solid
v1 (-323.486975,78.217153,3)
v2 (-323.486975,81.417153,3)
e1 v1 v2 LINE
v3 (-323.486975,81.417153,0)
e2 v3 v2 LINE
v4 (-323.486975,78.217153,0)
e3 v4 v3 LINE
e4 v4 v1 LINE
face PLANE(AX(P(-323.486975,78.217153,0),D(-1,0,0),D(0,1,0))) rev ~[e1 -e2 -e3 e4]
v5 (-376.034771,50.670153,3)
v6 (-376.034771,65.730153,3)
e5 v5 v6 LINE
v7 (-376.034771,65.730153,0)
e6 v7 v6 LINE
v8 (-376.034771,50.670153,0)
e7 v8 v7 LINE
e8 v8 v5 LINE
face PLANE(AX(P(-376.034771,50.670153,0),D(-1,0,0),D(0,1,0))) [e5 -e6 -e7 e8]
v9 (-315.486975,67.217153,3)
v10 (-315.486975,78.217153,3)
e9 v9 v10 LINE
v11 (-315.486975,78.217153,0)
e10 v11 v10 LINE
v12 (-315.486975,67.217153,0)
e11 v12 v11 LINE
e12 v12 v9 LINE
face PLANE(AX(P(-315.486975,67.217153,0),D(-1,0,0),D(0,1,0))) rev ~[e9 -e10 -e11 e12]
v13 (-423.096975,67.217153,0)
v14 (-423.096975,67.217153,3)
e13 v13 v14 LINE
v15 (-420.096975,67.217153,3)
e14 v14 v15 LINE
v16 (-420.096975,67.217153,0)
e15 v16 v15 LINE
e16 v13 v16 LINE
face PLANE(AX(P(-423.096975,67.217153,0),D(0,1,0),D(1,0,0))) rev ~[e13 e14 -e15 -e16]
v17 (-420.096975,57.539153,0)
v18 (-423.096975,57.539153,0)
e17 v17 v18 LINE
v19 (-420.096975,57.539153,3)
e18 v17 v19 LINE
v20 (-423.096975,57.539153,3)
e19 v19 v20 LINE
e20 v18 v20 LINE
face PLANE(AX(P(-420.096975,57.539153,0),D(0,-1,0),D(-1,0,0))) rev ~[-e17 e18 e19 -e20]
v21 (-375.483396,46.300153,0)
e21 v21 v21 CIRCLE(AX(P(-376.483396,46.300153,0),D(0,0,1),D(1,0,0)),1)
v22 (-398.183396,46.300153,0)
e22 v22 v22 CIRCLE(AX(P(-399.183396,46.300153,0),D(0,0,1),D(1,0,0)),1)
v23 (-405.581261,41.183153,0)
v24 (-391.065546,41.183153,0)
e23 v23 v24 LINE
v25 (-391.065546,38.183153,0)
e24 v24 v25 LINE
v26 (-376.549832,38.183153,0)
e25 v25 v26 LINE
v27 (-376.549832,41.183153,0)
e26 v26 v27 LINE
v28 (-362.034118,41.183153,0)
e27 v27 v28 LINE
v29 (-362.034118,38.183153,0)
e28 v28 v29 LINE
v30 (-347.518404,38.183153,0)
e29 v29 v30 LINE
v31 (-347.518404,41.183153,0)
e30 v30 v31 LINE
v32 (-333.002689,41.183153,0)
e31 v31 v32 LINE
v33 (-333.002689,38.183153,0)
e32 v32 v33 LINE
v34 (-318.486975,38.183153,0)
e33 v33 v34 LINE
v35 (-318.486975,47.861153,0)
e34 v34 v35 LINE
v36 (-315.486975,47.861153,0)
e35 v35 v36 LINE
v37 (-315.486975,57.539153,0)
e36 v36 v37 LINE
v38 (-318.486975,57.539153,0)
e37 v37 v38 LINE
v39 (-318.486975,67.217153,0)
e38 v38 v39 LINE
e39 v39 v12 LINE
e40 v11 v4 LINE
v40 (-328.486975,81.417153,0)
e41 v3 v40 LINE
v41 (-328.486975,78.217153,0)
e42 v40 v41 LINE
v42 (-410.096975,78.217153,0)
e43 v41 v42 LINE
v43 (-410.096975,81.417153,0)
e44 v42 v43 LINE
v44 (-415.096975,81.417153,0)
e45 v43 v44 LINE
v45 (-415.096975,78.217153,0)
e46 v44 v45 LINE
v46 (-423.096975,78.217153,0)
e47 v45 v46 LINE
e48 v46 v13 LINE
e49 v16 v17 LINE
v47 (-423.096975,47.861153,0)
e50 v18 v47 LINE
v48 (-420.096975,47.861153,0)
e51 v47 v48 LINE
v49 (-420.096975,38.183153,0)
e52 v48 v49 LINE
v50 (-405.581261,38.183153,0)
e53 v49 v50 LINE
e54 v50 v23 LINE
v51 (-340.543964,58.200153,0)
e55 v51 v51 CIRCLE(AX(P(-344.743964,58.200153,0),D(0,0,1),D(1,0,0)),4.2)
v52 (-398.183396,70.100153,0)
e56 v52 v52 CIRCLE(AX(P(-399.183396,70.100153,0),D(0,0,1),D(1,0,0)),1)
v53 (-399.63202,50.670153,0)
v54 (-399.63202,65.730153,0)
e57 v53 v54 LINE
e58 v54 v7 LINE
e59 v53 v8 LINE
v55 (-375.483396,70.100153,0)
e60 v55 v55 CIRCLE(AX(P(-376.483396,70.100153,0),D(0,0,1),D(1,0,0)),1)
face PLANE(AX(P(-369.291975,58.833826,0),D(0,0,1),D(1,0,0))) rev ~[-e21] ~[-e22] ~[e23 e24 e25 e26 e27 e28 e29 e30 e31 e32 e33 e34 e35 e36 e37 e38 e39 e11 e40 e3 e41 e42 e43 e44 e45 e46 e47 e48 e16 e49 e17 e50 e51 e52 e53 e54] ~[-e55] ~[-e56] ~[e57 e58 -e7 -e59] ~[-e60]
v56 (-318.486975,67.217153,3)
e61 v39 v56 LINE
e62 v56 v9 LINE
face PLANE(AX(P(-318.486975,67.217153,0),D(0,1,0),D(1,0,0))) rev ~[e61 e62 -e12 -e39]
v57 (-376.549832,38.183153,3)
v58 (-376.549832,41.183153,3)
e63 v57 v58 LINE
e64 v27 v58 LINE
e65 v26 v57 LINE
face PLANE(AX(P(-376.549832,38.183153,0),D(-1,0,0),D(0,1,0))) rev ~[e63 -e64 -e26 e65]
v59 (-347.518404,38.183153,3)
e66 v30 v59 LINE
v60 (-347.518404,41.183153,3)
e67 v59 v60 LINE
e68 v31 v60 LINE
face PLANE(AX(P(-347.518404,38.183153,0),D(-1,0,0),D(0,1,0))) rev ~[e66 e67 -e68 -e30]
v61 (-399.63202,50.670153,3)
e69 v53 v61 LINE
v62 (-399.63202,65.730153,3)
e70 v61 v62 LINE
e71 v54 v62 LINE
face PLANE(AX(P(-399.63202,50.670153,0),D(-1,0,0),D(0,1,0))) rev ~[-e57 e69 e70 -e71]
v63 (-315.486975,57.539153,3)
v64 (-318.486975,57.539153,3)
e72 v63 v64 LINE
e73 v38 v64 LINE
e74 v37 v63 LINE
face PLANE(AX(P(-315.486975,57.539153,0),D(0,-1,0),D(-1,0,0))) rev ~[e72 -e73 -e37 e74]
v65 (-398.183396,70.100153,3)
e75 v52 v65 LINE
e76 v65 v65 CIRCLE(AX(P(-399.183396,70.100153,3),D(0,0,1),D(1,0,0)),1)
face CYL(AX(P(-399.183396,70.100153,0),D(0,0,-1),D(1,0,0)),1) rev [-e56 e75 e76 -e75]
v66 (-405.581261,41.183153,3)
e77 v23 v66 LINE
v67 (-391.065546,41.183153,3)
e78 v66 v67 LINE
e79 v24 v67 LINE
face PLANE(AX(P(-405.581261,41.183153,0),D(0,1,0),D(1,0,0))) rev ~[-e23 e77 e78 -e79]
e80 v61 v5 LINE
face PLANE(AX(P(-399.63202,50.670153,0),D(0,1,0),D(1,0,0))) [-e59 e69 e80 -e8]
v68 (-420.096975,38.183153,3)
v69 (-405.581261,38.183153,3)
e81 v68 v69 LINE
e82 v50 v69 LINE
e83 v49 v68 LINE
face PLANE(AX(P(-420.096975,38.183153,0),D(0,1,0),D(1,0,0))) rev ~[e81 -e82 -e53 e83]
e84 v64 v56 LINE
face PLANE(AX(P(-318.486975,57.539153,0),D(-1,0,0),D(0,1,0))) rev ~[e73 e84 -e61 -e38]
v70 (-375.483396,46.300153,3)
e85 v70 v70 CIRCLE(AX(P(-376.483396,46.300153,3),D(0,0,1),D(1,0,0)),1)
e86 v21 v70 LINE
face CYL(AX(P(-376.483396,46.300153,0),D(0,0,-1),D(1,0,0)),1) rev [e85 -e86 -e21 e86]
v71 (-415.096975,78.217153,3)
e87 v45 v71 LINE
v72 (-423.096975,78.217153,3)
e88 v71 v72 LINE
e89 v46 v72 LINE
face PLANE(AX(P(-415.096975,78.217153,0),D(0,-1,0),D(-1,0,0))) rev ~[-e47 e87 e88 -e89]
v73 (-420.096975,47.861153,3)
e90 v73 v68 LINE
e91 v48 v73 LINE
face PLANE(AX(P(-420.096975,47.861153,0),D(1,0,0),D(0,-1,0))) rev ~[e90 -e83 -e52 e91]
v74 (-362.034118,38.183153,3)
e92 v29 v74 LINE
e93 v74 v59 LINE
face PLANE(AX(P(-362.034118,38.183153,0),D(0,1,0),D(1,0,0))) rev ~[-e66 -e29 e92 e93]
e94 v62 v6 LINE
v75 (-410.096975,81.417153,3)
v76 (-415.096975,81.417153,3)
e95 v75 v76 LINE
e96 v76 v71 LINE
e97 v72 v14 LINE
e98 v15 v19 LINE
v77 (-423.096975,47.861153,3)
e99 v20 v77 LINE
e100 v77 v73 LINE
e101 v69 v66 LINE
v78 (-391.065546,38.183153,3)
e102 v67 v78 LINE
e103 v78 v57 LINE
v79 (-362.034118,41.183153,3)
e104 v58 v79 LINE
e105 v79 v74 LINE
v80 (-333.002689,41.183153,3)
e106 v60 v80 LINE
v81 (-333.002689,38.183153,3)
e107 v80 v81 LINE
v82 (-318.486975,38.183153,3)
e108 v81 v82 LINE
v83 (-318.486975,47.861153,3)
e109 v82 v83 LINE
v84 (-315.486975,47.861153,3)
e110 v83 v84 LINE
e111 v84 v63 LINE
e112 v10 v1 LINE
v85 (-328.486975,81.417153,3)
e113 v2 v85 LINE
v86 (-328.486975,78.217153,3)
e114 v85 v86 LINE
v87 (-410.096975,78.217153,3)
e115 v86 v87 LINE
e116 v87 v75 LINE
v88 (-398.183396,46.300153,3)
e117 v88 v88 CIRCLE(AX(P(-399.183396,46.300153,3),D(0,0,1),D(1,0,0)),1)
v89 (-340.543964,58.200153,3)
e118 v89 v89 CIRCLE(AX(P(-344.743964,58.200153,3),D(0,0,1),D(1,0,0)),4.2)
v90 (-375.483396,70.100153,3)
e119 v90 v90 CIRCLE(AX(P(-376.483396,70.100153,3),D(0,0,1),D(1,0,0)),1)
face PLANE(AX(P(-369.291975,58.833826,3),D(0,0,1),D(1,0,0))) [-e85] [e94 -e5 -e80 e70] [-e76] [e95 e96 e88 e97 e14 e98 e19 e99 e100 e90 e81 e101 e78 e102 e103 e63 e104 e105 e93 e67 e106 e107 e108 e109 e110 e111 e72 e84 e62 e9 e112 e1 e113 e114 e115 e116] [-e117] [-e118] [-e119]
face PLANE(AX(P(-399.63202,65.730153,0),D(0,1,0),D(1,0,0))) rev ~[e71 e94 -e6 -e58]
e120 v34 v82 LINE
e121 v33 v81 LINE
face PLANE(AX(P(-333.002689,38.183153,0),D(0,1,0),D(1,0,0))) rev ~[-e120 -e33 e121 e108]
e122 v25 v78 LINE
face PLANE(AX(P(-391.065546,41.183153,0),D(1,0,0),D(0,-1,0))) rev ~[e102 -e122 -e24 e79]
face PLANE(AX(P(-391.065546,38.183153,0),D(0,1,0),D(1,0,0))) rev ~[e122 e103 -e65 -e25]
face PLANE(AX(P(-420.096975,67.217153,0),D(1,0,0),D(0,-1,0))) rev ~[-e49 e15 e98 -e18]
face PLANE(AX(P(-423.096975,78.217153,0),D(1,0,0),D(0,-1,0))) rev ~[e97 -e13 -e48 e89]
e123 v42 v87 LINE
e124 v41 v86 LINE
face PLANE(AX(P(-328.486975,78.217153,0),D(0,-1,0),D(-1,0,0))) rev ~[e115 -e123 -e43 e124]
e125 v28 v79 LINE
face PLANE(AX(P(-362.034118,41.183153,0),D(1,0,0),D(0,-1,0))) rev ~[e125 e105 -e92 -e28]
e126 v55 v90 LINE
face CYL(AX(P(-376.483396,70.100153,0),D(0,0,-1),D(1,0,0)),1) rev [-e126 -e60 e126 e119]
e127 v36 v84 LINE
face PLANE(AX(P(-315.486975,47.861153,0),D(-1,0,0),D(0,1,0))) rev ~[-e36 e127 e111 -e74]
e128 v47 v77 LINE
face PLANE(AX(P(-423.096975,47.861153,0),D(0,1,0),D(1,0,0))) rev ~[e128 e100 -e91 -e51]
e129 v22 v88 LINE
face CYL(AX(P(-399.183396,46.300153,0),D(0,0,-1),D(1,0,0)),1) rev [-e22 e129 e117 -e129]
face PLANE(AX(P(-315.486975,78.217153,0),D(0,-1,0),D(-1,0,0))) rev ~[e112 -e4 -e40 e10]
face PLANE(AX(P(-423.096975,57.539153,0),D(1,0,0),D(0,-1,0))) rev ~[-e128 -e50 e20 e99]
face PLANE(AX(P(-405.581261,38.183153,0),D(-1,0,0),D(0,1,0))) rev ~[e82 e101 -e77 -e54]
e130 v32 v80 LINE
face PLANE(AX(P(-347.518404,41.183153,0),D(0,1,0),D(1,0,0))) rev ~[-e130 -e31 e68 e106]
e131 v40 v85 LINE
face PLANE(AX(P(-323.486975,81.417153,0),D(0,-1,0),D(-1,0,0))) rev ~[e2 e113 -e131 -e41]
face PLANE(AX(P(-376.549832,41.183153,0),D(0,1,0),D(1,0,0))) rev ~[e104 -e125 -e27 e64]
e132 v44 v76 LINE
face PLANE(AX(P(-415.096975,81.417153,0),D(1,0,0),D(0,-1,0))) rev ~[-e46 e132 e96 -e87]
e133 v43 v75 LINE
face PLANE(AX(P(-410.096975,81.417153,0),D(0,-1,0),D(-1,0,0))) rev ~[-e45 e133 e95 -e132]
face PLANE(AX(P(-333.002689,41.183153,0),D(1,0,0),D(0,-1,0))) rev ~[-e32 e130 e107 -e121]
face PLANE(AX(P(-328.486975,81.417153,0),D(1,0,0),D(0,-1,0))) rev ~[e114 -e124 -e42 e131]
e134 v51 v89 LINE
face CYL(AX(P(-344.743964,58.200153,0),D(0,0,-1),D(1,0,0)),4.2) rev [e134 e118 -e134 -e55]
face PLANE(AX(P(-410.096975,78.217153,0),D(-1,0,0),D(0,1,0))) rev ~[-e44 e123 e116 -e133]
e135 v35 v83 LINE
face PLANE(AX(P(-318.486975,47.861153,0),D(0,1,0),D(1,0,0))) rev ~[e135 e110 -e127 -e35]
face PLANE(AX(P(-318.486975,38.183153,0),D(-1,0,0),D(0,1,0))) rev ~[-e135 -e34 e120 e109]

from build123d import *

# Parameters (mm, degrees)
CROQUIS1_R              = 1
CROQUIS1_W              = 23.597249427
CROQUIS1_H              = 15.06
CROQUIS1_R_2            = 4.2
SALIENTE_EXTRUIR1_DEPTH = 3


with BuildPart() as part:
    # Croquis1 → Saliente-Extruir1 (new body)
    with BuildSketch(Plane.XY):
        Polygon((-333.002689238, 38.183153475), (-318.486974952, 38.183153475), (-318.486974952, 47.861153475), (-315.486974952, 47.861153475), (-315.486974952, 57.539153475), (-318.486974952, 57.539153475), (-318.486974952, 67.217153475), (-315.486974952, 67.217153475), (-315.486974952, 78.217153475), (-318.486974952, 78.217153475), (-323.486974952, 78.217153475), (-323.486974952, 81.417153475), (-328.486974952, 81.417153475), (-328.486974952, 78.217153475), (-410.096974952, 78.217153475), (-410.096974952, 81.417153475), (-415.096974952, 81.417153475), (-415.096974952, 78.217153475), (-420.096974952, 78.217153475), (-423.096974952, 78.217153475), (-423.096974952, 67.217153475), (-420.096974952, 67.217153475), (-420.096974952, 57.539153475), (-423.096974952, 57.539153475), (-423.096974952, 47.861153475), (-420.096974952, 47.861153475), (-420.096974952, 38.183153475), (-405.581260666, 38.183153475), (-405.581260666, 41.183153475), (-391.06554638, 41.183153475), (-391.06554638, 38.183153475), (-376.549832095, 38.183153475), (-376.549832095, 41.183153475), (-362.034117809, 41.183153475), (-362.034117809, 38.183153475), (-347.518403523, 38.183153475), (-347.518403523, 41.183153475), (-333.002689238, 41.183153475), align=None)
        with Locations((-399.183395748, 46.300153475)):
            Circle(CROQUIS1_R, mode=Mode.SUBTRACT)
        with Locations((-387.833395749, 58.200153475)):
            Rectangle(CROQUIS1_W, CROQUIS1_H, mode=Mode.SUBTRACT)
        with Locations((-376.483395748, 46.300153475)):
            Circle(CROQUIS1_R, mode=Mode.SUBTRACT)
        with Locations((-344.743963788, 58.200153475)):
            Circle(CROQUIS1_R_2, mode=Mode.SUBTRACT)
        with Locations((-399.183395748, 70.100153475)):
            Circle(CROQUIS1_R, mode=Mode.SUBTRACT)
        with Locations((-376.483395748, 70.100153475)):
            Circle(CROQUIS1_R, mode=Mode.SUBTRACT)
    extrude(amount=SALIENTE_EXTRUIR1_DEPTH)


solid = part.part
